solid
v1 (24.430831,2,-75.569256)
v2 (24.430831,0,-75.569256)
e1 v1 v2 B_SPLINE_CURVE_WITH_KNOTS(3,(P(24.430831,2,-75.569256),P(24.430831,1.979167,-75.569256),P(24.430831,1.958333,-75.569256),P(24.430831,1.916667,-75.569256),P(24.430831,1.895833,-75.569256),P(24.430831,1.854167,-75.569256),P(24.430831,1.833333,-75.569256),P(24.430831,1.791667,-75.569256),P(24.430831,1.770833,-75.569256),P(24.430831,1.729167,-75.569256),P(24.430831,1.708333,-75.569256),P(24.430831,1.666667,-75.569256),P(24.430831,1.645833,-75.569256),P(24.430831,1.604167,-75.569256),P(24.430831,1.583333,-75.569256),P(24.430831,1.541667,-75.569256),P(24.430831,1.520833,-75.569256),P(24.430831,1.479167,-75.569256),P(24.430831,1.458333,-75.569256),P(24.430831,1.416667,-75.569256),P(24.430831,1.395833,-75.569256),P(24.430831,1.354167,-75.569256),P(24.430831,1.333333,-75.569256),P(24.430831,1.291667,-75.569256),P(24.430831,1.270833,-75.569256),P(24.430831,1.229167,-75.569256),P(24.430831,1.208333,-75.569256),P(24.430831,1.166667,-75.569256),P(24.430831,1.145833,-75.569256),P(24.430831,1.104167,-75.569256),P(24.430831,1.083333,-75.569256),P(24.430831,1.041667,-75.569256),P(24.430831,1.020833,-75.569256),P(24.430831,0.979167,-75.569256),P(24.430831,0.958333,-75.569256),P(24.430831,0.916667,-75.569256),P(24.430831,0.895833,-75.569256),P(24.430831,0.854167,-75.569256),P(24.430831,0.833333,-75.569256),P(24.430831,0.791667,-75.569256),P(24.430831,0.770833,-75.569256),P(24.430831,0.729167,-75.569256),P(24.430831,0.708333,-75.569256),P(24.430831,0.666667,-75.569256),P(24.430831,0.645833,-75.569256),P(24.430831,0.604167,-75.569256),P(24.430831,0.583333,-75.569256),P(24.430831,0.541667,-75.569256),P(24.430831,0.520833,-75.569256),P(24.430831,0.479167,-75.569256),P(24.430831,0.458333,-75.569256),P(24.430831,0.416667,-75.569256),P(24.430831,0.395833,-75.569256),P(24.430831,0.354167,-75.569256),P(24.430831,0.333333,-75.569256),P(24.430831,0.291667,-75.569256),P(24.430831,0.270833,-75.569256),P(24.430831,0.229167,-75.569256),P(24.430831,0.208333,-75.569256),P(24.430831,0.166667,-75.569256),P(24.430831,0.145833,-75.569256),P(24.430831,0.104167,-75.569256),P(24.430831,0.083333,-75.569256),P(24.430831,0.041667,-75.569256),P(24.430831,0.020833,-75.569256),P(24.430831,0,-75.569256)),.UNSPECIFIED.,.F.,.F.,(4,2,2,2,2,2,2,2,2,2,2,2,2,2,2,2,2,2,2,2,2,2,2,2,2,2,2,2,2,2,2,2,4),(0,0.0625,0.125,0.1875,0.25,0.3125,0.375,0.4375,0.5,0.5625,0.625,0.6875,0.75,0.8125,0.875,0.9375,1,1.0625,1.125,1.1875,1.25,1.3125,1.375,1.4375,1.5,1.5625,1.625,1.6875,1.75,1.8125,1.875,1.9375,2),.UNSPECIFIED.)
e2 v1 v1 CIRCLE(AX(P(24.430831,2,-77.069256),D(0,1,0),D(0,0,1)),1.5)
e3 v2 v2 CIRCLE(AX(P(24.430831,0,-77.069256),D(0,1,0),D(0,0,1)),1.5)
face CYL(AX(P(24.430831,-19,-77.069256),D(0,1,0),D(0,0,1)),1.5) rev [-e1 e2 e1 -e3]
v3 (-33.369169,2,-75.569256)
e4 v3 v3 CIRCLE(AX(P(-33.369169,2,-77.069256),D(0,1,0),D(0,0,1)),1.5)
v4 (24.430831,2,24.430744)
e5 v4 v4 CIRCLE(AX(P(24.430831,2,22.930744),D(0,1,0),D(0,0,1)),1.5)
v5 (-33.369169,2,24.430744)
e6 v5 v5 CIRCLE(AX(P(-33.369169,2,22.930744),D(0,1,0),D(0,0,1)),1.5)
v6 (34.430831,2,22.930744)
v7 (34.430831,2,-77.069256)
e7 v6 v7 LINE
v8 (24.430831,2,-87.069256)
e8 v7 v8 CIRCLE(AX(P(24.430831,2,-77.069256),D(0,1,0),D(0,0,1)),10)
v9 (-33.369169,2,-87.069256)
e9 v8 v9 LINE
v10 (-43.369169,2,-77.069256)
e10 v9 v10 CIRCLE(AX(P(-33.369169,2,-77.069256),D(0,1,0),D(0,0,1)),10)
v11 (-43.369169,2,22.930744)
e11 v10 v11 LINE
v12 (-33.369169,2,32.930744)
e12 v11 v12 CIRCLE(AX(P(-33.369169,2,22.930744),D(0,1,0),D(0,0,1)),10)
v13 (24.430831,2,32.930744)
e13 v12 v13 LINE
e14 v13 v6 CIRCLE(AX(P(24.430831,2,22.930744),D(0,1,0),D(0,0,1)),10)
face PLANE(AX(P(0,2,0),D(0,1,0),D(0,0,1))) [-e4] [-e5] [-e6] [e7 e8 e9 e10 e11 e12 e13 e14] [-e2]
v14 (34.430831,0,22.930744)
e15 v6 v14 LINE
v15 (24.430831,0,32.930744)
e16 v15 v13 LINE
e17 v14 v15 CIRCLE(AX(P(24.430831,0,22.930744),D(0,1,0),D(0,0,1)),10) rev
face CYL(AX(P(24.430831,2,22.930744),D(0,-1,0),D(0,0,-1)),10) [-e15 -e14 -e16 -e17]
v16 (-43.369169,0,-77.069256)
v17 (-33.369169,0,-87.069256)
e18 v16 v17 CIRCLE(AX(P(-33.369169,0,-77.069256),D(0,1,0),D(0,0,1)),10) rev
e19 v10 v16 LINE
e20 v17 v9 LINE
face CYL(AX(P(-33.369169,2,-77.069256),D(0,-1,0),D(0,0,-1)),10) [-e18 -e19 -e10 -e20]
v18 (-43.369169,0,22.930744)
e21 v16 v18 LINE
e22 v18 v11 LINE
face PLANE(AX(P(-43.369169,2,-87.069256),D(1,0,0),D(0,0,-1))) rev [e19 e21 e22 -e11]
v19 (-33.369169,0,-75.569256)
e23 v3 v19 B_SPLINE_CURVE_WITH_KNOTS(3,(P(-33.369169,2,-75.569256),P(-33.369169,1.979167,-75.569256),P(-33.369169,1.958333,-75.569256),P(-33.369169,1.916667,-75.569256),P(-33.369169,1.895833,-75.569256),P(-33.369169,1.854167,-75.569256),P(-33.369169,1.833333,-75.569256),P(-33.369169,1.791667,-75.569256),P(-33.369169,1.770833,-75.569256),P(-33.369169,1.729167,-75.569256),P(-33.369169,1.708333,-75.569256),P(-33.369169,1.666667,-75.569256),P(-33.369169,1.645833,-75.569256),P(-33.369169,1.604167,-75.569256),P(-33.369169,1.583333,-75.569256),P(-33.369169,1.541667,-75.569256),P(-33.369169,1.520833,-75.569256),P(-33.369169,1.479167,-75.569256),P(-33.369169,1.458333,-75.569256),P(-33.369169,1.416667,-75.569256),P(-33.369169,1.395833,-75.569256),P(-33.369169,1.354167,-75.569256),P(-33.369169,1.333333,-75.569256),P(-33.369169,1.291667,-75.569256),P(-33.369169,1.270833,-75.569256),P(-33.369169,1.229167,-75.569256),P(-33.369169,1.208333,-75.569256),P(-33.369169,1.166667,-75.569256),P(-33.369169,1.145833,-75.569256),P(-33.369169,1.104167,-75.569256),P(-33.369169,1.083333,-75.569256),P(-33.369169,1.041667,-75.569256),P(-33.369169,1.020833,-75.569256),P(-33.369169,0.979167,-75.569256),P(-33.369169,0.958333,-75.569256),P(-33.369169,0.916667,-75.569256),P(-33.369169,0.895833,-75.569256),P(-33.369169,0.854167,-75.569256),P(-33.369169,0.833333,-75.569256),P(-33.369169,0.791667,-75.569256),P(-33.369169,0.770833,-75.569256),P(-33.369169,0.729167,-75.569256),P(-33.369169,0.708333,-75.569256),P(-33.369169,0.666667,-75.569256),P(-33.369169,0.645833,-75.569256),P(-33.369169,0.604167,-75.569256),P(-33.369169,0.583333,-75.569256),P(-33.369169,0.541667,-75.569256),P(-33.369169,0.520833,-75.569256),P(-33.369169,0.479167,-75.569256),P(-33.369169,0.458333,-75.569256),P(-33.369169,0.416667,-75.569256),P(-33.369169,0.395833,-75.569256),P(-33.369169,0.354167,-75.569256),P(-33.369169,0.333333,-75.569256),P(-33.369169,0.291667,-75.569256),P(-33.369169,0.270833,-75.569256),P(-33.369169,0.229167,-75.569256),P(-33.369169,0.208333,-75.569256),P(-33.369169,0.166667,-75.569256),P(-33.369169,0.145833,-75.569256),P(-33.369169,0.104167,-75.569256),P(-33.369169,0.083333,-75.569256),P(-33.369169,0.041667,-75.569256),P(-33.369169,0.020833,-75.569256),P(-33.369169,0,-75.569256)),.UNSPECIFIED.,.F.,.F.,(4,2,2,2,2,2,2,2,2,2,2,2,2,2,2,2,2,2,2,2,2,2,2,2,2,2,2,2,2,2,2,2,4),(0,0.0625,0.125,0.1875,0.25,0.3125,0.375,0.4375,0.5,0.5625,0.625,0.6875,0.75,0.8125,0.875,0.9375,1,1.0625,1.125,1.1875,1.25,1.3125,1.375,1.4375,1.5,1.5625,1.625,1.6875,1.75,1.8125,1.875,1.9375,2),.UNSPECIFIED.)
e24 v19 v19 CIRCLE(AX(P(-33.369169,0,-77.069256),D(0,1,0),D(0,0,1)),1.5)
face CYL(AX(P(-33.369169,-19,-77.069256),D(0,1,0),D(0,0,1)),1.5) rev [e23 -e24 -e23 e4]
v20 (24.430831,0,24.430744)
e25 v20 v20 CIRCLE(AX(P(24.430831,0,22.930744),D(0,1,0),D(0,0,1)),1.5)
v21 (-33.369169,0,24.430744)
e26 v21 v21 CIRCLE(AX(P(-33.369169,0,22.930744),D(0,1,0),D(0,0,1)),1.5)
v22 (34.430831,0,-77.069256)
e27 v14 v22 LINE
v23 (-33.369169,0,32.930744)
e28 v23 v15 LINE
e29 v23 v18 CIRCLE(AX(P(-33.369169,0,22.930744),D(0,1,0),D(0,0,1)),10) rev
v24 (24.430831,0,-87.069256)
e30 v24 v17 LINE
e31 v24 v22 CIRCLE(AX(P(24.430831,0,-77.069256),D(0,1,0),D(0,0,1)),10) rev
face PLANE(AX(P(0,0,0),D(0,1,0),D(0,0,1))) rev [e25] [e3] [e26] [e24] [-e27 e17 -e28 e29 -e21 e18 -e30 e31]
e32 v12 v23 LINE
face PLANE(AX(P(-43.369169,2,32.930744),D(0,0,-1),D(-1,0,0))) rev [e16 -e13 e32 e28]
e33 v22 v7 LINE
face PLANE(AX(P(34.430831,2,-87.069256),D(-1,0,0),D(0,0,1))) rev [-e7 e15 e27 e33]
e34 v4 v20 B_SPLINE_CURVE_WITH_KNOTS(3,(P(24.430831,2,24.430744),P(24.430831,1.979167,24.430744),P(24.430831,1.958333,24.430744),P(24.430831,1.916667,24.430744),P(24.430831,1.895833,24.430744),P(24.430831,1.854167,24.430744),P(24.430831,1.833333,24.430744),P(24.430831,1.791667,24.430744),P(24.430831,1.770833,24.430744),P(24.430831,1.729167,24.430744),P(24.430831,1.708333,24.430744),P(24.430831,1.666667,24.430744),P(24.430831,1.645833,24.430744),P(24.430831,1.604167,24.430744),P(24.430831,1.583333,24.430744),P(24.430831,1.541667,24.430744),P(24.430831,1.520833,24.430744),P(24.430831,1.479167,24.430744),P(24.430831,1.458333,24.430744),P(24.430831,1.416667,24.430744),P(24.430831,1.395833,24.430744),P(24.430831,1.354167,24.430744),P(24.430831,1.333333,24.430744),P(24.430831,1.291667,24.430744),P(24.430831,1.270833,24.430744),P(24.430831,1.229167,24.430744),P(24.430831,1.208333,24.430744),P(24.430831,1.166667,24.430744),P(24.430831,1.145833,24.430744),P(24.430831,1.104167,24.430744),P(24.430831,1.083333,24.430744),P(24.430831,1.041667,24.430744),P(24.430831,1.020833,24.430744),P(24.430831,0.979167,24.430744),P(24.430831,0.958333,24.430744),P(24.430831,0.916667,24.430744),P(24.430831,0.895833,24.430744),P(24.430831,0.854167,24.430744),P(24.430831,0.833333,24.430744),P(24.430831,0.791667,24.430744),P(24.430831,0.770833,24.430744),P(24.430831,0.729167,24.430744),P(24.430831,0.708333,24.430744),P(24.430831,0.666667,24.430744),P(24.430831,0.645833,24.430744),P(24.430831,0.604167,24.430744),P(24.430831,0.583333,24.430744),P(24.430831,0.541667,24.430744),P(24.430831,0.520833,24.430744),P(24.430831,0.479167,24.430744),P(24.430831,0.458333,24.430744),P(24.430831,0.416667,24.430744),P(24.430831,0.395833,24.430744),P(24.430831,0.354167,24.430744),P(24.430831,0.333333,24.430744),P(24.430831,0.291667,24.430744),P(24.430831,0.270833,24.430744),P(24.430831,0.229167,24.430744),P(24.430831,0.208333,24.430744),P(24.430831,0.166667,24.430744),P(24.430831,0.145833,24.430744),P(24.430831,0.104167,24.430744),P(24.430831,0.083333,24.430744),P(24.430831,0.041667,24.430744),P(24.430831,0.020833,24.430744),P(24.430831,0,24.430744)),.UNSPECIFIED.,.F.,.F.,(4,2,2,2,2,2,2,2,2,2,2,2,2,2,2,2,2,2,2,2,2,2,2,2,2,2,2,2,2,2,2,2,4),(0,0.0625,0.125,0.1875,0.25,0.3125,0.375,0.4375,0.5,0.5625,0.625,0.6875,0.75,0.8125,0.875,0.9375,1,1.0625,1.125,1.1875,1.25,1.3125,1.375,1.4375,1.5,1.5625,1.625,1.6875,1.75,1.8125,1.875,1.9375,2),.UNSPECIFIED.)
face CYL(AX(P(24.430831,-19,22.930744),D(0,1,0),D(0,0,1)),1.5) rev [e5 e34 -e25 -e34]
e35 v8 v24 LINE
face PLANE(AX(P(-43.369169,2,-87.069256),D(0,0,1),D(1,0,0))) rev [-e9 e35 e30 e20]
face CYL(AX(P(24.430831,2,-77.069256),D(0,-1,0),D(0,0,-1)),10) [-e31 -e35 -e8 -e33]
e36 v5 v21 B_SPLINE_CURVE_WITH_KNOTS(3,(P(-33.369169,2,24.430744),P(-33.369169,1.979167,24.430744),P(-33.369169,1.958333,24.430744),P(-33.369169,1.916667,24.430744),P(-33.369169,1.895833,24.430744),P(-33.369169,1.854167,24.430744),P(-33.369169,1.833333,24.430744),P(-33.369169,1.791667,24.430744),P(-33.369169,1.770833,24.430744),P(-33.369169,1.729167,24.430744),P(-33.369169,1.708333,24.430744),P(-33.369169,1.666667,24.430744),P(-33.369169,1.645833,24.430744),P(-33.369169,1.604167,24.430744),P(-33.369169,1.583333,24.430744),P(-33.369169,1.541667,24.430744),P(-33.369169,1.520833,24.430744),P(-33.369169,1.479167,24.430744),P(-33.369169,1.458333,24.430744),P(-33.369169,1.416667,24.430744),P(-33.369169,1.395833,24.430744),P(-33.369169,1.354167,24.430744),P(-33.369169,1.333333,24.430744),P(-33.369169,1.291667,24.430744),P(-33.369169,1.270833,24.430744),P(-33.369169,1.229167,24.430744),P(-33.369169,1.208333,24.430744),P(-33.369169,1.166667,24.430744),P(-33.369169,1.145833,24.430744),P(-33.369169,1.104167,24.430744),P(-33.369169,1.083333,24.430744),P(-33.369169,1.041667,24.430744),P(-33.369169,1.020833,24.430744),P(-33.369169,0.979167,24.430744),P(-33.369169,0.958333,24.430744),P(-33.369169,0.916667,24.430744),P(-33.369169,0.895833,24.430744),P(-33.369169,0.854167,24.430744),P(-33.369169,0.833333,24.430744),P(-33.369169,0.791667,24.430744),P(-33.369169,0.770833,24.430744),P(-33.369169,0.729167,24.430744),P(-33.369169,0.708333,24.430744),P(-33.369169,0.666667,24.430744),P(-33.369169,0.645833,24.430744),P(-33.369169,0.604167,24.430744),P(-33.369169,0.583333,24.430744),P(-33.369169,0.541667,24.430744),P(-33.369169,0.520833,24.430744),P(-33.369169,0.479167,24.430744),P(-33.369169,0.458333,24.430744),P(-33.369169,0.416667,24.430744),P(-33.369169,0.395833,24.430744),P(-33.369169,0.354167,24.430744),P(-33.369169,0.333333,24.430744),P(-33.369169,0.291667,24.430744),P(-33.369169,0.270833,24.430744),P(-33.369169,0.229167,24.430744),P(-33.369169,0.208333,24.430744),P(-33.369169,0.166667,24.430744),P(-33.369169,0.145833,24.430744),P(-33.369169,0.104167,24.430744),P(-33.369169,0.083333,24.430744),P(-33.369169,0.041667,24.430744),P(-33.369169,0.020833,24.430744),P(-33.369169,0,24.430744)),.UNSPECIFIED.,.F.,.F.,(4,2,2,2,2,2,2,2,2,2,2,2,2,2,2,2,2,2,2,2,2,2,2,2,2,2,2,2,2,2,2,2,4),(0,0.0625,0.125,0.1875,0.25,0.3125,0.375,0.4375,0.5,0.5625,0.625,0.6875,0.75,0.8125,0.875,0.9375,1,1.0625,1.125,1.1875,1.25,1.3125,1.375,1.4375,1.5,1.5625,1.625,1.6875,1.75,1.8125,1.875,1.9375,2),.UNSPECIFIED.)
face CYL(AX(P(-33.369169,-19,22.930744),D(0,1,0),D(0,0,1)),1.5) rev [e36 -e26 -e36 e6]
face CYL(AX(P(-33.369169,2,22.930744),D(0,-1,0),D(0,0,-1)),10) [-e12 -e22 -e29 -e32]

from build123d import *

# Parameters (mm, degrees)
SKETCH1_W           = 77.8
SKETCH1_H           = 120
BOSS_EXTRUDE1_DEPTH = 2
FILLET1_R           = 10
SKETCH2_R           = 1.5
CUT_EXTRUDE1_DEPTH  = 21


with BuildPart() as part:
    # Sketch1 → Boss-Extrude1 (new body)
    with BuildSketch(Plane(origin=(0, 0, 0), x_dir=(1, 0, 0), z_dir=(0, 1, 0))):
        with Locations((-4.469169002, 27.069255629)):
            Rectangle(SKETCH1_W, SKETCH1_H)
    extrude(amount=BOSS_EXTRUDE1_DEPTH)

    # Fillet1
    fillet1_edges = [part.edges().sort_by_distance(p)[0] for p in [
        (-43.369169002, 1, -87.069255629),
        (34.430830998, 1, -87.069255629),
        (34.430830998, 1, 32.930744371),
        (-43.369169002, 1, 32.930744371),
    ]]
    fillet(fillet1_edges, radius=FILLET1_R)

    # Sketch2 → Cut-Extrude1 (cut)
    with BuildSketch(Plane(origin=(0, 2, 0), x_dir=(1, 0, 0), z_dir=(0, 1, 0))):
        with Locations(Location((-33.369169002, -22.930744371, 0), (0, 0, 270))):
            Circle(SKETCH2_R)
        with Locations(Location((24.430830998, -22.930744371, 0), (0, 0, 270))):
            Circle(SKETCH2_R)
        with Locations(Location((-33.369169002, 77.069255629, 0), (0, 0, 270))):
            Circle(SKETCH2_R)
        with Locations(Location((24.430830998, 77.069255629, 0), (0, 0, 270))):
            Circle(SKETCH2_R)
    extrude(amount=-CUT_EXTRUDE1_DEPTH, mode=Mode.SUBTRACT)


solid = part.part
